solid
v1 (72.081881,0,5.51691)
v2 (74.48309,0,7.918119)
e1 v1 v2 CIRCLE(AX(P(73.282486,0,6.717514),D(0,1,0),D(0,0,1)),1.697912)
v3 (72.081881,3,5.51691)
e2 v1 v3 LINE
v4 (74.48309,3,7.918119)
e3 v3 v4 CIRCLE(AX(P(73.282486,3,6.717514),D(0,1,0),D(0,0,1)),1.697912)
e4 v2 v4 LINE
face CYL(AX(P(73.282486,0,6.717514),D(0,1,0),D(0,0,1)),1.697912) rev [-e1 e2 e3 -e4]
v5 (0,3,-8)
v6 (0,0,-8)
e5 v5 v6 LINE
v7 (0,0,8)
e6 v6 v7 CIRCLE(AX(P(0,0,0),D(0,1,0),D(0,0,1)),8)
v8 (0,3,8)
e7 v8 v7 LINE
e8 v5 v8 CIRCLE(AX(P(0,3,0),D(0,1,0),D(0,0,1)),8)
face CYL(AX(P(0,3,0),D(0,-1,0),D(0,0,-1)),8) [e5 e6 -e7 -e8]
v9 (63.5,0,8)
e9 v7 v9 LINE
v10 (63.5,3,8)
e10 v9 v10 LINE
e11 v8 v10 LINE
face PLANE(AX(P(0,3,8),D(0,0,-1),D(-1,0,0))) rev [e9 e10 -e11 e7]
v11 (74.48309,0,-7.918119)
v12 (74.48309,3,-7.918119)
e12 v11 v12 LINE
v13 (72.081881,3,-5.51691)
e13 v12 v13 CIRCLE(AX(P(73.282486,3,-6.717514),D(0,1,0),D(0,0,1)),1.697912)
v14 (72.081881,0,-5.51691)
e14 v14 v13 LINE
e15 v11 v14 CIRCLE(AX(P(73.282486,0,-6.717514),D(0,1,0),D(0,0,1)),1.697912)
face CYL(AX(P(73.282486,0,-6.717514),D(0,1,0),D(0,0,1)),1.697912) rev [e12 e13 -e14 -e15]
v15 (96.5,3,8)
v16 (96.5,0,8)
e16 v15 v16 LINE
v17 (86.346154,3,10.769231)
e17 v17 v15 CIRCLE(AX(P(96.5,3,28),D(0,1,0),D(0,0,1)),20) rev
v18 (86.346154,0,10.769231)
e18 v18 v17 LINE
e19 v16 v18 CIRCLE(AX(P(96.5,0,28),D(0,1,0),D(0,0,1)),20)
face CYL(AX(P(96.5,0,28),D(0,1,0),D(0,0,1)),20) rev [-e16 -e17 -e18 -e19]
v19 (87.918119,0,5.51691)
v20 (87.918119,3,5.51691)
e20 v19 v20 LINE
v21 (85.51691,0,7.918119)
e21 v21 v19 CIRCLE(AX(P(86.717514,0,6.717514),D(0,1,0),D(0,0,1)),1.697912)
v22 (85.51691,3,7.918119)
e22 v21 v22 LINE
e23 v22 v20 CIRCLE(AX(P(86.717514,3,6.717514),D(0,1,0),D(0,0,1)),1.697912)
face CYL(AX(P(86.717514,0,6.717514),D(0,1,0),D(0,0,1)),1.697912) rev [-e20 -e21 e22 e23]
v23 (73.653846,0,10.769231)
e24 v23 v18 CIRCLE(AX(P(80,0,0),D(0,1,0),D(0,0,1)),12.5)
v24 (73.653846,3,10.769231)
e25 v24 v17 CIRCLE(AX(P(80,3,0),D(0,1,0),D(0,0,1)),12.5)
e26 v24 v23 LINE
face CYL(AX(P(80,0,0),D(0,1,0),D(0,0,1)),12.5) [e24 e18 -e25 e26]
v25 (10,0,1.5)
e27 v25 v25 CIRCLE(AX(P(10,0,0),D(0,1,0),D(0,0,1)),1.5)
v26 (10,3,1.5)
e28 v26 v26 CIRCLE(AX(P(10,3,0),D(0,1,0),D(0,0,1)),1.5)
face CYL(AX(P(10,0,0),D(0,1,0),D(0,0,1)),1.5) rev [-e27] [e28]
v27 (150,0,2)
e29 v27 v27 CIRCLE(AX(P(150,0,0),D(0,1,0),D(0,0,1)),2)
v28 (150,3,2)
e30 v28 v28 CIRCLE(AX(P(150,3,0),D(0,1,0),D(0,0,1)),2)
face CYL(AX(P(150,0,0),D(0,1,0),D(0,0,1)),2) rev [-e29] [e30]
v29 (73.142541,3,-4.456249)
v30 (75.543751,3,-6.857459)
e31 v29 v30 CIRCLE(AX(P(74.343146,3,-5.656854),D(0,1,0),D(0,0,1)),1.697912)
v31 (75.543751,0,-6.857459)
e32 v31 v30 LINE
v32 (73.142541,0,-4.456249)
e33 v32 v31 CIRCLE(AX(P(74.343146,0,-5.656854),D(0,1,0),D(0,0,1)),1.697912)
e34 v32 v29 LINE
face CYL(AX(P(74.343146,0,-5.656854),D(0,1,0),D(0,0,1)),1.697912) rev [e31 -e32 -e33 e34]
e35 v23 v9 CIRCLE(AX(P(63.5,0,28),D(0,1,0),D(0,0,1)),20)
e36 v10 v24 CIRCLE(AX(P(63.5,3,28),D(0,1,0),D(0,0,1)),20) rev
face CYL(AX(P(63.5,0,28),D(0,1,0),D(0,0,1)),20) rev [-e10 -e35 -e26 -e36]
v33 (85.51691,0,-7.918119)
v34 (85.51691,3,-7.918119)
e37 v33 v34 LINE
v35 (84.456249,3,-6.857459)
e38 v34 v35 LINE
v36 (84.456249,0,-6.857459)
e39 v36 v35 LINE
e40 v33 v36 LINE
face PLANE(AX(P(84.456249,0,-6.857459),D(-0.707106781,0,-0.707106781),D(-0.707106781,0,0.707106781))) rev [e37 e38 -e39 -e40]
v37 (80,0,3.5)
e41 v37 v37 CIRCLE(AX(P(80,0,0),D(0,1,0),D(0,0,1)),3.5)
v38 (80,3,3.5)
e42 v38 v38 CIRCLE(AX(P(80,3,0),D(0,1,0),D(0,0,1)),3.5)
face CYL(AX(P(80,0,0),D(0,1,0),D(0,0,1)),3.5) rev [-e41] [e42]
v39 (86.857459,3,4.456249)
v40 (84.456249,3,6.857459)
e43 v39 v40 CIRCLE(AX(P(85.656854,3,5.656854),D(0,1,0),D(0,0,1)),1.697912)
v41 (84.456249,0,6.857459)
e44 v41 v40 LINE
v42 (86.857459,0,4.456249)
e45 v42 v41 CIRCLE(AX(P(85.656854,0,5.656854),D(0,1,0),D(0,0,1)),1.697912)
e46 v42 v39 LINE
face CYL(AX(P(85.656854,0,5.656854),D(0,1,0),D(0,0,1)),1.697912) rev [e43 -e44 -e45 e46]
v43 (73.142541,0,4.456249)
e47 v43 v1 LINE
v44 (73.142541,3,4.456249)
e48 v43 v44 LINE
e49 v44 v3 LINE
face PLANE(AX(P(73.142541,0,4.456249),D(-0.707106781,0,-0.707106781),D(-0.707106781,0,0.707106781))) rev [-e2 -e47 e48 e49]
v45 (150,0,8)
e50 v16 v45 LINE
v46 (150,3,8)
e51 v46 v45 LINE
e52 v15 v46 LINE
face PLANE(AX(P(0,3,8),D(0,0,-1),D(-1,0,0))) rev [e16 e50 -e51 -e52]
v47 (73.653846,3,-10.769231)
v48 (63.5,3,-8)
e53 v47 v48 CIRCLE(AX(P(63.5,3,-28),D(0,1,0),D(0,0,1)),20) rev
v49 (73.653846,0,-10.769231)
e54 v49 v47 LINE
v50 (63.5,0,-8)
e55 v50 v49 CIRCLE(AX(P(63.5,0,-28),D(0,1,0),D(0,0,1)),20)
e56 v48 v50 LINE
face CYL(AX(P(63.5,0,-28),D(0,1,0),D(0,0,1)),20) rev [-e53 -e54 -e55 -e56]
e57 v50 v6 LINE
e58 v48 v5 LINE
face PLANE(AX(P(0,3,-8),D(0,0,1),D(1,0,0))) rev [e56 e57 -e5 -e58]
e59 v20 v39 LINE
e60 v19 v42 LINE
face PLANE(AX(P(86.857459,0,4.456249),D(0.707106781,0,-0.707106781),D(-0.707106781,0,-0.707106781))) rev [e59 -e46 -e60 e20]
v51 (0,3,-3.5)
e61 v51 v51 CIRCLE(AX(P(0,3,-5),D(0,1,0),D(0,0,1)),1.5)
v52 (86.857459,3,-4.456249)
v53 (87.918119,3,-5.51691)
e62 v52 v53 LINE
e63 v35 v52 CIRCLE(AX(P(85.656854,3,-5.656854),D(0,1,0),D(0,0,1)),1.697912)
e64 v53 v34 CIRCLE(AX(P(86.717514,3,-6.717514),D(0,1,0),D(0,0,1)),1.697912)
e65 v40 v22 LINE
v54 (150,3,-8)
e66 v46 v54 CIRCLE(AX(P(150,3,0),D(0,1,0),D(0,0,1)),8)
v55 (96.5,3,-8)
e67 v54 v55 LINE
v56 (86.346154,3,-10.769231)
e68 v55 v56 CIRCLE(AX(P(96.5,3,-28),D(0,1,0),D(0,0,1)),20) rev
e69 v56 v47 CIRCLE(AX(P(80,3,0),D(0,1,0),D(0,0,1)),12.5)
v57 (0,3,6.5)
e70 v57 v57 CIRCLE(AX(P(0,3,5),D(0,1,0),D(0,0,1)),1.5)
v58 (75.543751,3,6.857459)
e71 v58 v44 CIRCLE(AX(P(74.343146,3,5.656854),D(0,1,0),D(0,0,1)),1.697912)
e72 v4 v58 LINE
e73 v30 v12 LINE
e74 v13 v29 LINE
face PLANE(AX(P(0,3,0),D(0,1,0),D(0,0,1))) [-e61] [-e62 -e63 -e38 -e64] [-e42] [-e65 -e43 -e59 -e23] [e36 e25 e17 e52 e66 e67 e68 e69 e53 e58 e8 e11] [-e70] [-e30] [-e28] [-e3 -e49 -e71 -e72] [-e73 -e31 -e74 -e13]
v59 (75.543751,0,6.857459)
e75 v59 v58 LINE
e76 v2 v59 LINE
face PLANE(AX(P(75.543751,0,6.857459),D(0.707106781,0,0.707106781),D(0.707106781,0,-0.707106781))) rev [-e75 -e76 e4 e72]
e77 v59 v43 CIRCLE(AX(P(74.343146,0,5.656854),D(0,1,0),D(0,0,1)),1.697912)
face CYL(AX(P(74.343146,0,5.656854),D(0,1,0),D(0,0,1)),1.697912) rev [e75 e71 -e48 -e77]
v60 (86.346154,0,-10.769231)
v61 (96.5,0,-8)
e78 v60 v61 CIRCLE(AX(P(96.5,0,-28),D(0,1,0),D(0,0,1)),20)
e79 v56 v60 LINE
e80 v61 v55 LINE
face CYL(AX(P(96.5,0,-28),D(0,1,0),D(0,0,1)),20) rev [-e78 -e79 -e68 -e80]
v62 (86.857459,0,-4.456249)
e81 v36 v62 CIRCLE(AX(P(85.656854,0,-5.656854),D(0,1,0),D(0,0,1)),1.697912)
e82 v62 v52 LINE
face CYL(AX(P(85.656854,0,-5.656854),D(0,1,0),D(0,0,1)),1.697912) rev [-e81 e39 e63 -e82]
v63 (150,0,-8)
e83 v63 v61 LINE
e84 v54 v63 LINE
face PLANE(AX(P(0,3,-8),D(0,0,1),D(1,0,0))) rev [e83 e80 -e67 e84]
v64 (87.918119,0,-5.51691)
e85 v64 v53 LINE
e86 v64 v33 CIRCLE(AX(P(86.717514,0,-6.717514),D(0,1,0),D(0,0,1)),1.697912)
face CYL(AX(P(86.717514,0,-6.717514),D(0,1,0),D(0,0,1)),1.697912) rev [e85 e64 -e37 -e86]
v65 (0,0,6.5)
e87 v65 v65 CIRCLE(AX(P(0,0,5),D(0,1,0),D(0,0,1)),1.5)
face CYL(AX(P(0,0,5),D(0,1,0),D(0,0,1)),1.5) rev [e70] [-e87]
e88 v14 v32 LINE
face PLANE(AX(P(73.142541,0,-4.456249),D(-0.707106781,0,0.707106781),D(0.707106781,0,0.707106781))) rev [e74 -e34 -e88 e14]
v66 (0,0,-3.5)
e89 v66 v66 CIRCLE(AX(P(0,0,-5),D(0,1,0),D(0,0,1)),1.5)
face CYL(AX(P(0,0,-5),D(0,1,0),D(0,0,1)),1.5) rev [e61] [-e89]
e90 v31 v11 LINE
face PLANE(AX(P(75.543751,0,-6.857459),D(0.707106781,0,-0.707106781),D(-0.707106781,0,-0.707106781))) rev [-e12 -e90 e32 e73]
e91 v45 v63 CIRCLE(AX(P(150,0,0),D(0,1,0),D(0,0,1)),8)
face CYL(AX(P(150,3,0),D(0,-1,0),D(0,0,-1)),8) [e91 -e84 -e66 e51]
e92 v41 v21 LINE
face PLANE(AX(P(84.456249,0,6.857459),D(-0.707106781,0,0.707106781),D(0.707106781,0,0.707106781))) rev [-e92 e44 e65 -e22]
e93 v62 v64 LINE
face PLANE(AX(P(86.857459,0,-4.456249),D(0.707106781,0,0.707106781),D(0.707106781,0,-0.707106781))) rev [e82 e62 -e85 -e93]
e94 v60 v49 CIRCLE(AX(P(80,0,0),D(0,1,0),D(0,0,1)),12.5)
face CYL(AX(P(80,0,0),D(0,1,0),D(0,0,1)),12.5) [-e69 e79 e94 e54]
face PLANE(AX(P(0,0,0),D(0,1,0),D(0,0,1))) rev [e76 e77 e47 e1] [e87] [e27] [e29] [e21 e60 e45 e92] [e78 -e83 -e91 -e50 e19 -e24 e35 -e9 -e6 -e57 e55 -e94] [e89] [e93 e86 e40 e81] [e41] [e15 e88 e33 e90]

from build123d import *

# Parameters (mm, degrees)
EXTRUDE_1_DEPTH     = 3
SKETCH_8_R          = 12.5
EXTRUDE_2_DEPTH     = 3
SKETCH_2_R          = 3.5
CUT_EXTRUDE_1_DEPTH = 159.522080481
SKETCH_5_R          = 1.5
CUT_EXTRUDE_2_DEPTH = 159.522080481
FILLET_3_R          = 20
SKETCH_9_R          = 2
CUT_EXTRUDE_3_DEPTH = 159.522080481


with BuildPart() as part:
    # 草图1 → 凸台-拉伸1 (new body)
    with BuildSketch(Plane(origin=(0, 0, 0), x_dir=(1, 0, 0), z_dir=(0, 1, 0))):
        with BuildLine():
            Line((0, 8), (150, 8))
            ThreePointArc((150, 8), (158, 0), (150, -8))
            Line((150, -8), (0, -8))
            ThreePointArc((0, -8), (-8, 0), (0, 8))
        make_face()
    extrude(amount=EXTRUDE_1_DEPTH)

    # 草图8 → 凸台-拉伸2 (add)
    with BuildSketch(Plane(origin=(0, 3, 0), x_dir=(1, 0, 0), z_dir=(0, 1, 0))):
        with Locations((80, 0)):
            Circle(SKETCH_8_R)
    extrude(amount=-EXTRUDE_2_DEPTH)

    # 草图2 → 切除-拉伸1 (cut, through all)
    with BuildSketch(Plane(origin=(0, 3, 0), x_dir=(1, 0, 0), z_dir=(0, 1, 0))):
        with Locations(Location((80, 0, 0), (0, 0, 270))):
            Circle(SKETCH_2_R)
        with BuildLine():
            Line((84.456249475, 6.857459024), (85.516909647, 7.918119195))
            ThreePointArc((85.516909647, 7.918119195), (87.918119195, 7.918119195), (87.918119195, 5.516909647))
            Line((87.918119195, 5.516909647), (86.857459024, 4.456249475))
            ThreePointArc((86.857459024, 4.456249475), (84.456249475, 4.456249475), (84.456249475, 6.857459024))
        make_face()
        with BuildLine():
            Line((84.456249475, -6.857459024), (85.516909647, -7.918119195))
            ThreePointArc((85.516909647, -7.918119195), (87.918119195, -7.918119195), (87.918119195, -5.516909647))
            Line((87.918119195, -5.516909647), (86.857459024, -4.456249475))
            ThreePointArc((86.857459024, -4.456249475), (84.456249475, -4.456249475), (84.456249475, -6.857459024))
        make_face()
        with BuildLine():
            Line((73.142540976, -4.456249475), (72.081880805, -5.516909647))
            ThreePointArc((72.081880805, -5.516909647), (72.081880805, -7.918119195), (74.483090353, -7.918119195))
            Line((74.483090353, -7.918119195), (75.543750525, -6.857459024))
            ThreePointArc((75.543750525, -6.857459024), (75.543750525, -4.456249475), (73.142540976, -4.456249475))
        make_face()
        with BuildLine():
            Line((75.543750525, 6.857459024), (74.483090353, 7.918119195))
            ThreePointArc((74.483090353, 7.918119195), (72.081880805, 7.918119195), (72.081880805, 5.516909647))
            Line((72.081880805, 5.516909647), (73.142540976, 4.456249475))
            ThreePointArc((73.142540976, 4.456249475), (75.543750525, 4.456249475), (75.543750525, 6.857459024))
        make_face()
    extrude(amount=-CUT_EXTRUDE_1_DEPTH, mode=Mode.SUBTRACT)

    # 草图5 → 切除-拉伸2 (cut, through all)
    with BuildSketch(Plane(origin=(0, 3, 0), x_dir=(1, 0, 0), z_dir=(0, 1, 0))):
        with Locations(Location((10, 0, 0), (0, 0, 270))):
            Circle(SKETCH_5_R)
        with Locations(Location((0, 5, 0), (0, 0, 270))):
            Circle(SKETCH_5_R)
        with Locations(Location((0, -5, 0), (0, 0, 270))):
            Circle(SKETCH_5_R)
    extrude(amount=-CUT_EXTRUDE_2_DEPTH, mode=Mode.SUBTRACT)

    # 圆角3
    fillet_3_edges = [part.edges().sort_by_distance(p)[0] for p in [
        (70.395313644, 1.5, 8),
        (70.395313644, 1.5, -8),
        (89.604686356, 1.5, 8),
        (89.604686356, 1.5, -8),
    ]]
    fillet(fillet_3_edges, radius=FILLET_3_R)

    # 草图9 → 切除-拉伸3 (cut, through all)
    with BuildSketch(Plane(origin=(0, 3, 0), x_dir=(1, 0, 0), z_dir=(0, 1, 0))):
        with Locations(Location((150, 0, 0), (0, 0, 270))):
            Circle(SKETCH_9_R)
    extrude(amount=-CUT_EXTRUDE_3_DEPTH, mode=Mode.SUBTRACT)


solid = part.part
